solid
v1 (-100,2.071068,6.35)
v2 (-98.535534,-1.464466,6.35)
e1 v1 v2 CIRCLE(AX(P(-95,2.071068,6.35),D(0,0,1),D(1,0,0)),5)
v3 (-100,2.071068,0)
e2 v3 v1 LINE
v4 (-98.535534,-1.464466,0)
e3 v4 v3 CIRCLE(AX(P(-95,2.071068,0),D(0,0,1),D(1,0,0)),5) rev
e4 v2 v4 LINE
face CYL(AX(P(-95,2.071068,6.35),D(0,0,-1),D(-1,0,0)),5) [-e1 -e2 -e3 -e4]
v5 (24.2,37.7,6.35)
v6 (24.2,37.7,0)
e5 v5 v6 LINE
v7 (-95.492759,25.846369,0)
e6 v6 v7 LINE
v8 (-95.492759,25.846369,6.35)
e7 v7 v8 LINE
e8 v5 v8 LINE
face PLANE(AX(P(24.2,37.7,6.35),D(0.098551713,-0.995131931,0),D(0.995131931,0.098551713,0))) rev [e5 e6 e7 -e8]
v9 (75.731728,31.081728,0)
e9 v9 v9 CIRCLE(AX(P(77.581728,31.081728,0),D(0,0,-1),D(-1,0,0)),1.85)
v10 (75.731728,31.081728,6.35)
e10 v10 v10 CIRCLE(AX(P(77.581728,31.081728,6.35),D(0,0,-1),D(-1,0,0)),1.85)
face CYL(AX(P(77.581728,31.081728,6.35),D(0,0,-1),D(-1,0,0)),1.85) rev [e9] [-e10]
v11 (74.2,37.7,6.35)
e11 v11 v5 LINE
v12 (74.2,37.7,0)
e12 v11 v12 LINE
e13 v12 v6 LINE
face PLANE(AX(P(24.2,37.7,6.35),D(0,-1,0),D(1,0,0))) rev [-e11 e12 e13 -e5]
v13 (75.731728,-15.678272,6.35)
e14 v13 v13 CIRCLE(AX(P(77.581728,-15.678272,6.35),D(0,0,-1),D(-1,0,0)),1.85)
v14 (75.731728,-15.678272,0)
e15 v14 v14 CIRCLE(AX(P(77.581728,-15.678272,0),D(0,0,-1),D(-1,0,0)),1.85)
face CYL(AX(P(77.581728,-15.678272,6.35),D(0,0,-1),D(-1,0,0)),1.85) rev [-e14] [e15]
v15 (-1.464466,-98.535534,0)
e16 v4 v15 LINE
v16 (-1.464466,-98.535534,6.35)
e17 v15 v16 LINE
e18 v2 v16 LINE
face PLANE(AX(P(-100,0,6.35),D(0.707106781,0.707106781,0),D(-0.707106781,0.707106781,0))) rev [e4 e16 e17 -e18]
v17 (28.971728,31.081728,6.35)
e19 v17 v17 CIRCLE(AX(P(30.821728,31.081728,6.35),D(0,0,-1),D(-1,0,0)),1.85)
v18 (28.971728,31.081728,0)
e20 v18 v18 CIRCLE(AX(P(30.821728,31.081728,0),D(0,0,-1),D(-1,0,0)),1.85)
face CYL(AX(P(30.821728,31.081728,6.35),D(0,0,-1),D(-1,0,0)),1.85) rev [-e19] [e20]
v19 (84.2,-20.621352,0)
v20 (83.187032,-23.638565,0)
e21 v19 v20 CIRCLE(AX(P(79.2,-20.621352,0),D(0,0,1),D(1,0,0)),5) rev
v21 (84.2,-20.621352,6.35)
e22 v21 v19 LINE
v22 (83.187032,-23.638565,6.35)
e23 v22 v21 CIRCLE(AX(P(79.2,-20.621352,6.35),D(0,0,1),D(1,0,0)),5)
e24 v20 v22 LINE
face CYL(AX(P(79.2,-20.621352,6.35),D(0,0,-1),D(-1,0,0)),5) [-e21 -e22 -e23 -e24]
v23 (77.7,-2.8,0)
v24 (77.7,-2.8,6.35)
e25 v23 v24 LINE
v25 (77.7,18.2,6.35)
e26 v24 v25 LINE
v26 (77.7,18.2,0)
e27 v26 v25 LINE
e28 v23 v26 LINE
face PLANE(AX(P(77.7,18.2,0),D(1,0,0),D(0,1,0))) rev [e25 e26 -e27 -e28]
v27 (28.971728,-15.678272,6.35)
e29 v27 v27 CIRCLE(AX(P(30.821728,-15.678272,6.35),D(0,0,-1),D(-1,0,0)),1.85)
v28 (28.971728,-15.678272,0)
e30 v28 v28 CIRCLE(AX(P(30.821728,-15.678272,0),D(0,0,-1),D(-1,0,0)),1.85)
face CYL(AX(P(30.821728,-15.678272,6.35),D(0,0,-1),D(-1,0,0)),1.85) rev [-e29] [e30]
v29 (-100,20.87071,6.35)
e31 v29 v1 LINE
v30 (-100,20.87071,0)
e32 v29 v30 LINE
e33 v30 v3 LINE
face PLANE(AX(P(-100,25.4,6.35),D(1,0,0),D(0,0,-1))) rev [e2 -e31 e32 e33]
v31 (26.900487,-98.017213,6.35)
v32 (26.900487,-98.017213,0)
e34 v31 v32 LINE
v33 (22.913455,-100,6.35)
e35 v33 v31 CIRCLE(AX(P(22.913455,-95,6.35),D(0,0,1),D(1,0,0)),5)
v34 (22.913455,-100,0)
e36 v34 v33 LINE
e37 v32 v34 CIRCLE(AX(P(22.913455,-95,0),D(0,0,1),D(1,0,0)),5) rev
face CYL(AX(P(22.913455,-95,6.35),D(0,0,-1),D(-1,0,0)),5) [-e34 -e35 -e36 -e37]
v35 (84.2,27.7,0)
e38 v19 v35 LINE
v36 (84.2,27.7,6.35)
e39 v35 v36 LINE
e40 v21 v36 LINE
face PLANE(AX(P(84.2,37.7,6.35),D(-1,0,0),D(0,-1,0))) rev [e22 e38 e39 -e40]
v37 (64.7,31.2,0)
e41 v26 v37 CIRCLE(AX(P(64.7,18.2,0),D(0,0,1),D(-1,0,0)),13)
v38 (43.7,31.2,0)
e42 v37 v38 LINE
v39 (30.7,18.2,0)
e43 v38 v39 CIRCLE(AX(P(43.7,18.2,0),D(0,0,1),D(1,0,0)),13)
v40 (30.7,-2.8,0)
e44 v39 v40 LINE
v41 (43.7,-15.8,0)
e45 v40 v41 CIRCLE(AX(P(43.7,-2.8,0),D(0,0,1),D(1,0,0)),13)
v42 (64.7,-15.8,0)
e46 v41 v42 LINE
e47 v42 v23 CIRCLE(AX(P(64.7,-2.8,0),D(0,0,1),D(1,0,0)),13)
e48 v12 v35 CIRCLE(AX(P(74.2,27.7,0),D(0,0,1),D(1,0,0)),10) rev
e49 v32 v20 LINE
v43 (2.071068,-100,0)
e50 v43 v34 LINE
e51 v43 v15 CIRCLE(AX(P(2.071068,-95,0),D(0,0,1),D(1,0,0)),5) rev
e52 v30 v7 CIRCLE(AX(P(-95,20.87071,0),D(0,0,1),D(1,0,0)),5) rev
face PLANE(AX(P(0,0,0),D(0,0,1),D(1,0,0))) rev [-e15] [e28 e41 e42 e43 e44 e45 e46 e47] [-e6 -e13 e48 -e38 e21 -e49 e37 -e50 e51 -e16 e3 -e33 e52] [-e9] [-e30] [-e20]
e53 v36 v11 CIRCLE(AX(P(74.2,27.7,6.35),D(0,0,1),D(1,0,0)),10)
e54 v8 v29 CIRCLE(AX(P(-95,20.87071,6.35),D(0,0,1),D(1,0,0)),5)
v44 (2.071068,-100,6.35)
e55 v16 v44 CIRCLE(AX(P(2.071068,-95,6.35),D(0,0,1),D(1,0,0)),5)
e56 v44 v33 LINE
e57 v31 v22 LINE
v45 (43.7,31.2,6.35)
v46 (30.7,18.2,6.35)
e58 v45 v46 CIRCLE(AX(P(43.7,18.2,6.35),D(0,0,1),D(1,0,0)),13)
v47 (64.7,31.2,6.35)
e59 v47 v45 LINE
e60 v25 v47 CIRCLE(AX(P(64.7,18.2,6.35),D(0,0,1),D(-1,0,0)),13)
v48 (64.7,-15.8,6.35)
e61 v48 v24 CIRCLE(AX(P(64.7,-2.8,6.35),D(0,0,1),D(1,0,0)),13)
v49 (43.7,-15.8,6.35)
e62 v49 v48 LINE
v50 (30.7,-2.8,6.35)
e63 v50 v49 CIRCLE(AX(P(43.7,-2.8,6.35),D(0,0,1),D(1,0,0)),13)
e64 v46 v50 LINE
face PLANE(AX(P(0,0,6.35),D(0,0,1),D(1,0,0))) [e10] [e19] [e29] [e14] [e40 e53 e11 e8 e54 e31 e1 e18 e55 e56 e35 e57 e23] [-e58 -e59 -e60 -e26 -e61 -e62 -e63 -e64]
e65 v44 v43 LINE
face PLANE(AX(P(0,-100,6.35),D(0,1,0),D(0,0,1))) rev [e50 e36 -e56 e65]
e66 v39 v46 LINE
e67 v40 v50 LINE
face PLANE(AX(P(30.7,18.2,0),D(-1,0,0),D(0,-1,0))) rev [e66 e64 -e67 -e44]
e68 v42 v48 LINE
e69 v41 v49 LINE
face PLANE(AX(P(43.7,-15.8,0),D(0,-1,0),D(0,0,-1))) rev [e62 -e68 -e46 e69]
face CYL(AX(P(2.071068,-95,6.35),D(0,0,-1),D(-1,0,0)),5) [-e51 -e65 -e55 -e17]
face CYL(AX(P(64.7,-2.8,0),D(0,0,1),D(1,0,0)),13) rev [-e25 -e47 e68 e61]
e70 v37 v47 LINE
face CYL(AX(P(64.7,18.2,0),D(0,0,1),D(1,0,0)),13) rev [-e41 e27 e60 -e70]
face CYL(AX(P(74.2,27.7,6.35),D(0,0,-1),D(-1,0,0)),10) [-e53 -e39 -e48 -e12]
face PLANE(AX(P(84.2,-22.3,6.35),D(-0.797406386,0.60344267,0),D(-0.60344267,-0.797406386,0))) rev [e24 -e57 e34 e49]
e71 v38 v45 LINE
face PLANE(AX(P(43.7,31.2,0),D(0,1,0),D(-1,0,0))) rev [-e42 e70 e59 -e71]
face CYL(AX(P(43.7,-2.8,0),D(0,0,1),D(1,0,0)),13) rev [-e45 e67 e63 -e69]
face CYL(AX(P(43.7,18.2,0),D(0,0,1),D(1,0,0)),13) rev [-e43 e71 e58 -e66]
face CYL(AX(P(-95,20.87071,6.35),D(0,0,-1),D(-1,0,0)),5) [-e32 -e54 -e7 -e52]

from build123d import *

# Parameters (mm, degrees)
BOSS_EXTRUDE1_DEPTH = 6.35
BOSS_EXTRUDE2_DEPTH = 6.35
FILLET1_R           = 10
FILLET2_R           = 5
CUT_EXTRUDE1_DEPTH  = 7.35
SKETCH4_R           = 1.85
CUT_EXTRUDE2_DEPTH  = 7.35


with BuildPart() as part:
    # Sketch1 → Boss-Extrude1 (new body)
    with BuildSketch(Plane.XY):
        Polygon((-100, 0), (0, -100), (25.4, -100), (25.4, 25.4), (-100, 25.4), align=None)
    extrude(amount=BOSS_EXTRUDE1_DEPTH)

    # Sketch2 → Boss-Extrude2 (add)
    with BuildSketch(Plane.XY):
        Polygon((24.2, 37.7), (84.2, 37.7), (84.2, -22.3), (25.4, -100), (24.2, -22.3), (-100, 25.4), align=None)
    extrude(amount=BOSS_EXTRUDE2_DEPTH)

    # Fillet1
    fillet1_edges = [part.edges().sort_by_distance(p)[0] for p in [
        (84.2, 37.7, 3.175),
    ]]
    fillet(fillet1_edges, radius=FILLET1_R)

    # Fillet2
    fillet2_edges = [part.edges().sort_by_distance(p)[0] for p in [
        (84.2, -22.3, 3.175),
        (25.4, -100, 3.175),
        (0, -100, 3.175),
        (-100, 0, 3.175),
        (-100, 25.4, 3.175),
    ]]
    fillet(fillet2_edges, radius=FILLET2_R)

    # Sketch3 → Cut-Extrude1 (cut, through all)
    with BuildSketch(Plane.XY.offset(6.35)):
        with BuildLine():
            Line((43.7, 31.2), (64.7, 31.2))
            ThreePointArc((64.7, 31.2), (73.892388155, 27.392388155), (77.7, 18.2))
            Line((77.7, 18.2), (77.7, -2.8))
            ThreePointArc((77.7, -2.8), (73.892388155, -11.992388155), (64.7, -15.8))
            Line((64.7, -15.8), (43.7, -15.8))
            ThreePointArc((43.7, -15.8), (34.507611845, -11.992388155), (30.7, -2.8))
            Line((30.7, -2.8), (30.7, 18.2))
            ThreePointArc((30.7, 18.2), (34.507611845, 27.392388155), (43.7, 31.2))
        make_face()
    extrude(amount=-CUT_EXTRUDE1_DEPTH, mode=Mode.SUBTRACT)

    # Sketch4 → Cut-Extrude2 (cut, through all)
    with BuildSketch(Plane(origin=(0, 0, 0), x_dir=(-1, 0, 0), z_dir=(0, 0, -1))):
        with Locations((-77.581727984, 31.081727984)):
            Circle(SKETCH4_R)
        with Locations((-30.821727984, 31.081727984)):
            Circle(SKETCH4_R)
        with Locations((-30.821727984, -15.678272016)):
            Circle(SKETCH4_R)
        with Locations((-77.581727984, -15.678272016)):
            Circle(SKETCH4_R)
    extrude(amount=-CUT_EXTRUDE2_DEPTH, mode=Mode.SUBTRACT)


solid = part.part
